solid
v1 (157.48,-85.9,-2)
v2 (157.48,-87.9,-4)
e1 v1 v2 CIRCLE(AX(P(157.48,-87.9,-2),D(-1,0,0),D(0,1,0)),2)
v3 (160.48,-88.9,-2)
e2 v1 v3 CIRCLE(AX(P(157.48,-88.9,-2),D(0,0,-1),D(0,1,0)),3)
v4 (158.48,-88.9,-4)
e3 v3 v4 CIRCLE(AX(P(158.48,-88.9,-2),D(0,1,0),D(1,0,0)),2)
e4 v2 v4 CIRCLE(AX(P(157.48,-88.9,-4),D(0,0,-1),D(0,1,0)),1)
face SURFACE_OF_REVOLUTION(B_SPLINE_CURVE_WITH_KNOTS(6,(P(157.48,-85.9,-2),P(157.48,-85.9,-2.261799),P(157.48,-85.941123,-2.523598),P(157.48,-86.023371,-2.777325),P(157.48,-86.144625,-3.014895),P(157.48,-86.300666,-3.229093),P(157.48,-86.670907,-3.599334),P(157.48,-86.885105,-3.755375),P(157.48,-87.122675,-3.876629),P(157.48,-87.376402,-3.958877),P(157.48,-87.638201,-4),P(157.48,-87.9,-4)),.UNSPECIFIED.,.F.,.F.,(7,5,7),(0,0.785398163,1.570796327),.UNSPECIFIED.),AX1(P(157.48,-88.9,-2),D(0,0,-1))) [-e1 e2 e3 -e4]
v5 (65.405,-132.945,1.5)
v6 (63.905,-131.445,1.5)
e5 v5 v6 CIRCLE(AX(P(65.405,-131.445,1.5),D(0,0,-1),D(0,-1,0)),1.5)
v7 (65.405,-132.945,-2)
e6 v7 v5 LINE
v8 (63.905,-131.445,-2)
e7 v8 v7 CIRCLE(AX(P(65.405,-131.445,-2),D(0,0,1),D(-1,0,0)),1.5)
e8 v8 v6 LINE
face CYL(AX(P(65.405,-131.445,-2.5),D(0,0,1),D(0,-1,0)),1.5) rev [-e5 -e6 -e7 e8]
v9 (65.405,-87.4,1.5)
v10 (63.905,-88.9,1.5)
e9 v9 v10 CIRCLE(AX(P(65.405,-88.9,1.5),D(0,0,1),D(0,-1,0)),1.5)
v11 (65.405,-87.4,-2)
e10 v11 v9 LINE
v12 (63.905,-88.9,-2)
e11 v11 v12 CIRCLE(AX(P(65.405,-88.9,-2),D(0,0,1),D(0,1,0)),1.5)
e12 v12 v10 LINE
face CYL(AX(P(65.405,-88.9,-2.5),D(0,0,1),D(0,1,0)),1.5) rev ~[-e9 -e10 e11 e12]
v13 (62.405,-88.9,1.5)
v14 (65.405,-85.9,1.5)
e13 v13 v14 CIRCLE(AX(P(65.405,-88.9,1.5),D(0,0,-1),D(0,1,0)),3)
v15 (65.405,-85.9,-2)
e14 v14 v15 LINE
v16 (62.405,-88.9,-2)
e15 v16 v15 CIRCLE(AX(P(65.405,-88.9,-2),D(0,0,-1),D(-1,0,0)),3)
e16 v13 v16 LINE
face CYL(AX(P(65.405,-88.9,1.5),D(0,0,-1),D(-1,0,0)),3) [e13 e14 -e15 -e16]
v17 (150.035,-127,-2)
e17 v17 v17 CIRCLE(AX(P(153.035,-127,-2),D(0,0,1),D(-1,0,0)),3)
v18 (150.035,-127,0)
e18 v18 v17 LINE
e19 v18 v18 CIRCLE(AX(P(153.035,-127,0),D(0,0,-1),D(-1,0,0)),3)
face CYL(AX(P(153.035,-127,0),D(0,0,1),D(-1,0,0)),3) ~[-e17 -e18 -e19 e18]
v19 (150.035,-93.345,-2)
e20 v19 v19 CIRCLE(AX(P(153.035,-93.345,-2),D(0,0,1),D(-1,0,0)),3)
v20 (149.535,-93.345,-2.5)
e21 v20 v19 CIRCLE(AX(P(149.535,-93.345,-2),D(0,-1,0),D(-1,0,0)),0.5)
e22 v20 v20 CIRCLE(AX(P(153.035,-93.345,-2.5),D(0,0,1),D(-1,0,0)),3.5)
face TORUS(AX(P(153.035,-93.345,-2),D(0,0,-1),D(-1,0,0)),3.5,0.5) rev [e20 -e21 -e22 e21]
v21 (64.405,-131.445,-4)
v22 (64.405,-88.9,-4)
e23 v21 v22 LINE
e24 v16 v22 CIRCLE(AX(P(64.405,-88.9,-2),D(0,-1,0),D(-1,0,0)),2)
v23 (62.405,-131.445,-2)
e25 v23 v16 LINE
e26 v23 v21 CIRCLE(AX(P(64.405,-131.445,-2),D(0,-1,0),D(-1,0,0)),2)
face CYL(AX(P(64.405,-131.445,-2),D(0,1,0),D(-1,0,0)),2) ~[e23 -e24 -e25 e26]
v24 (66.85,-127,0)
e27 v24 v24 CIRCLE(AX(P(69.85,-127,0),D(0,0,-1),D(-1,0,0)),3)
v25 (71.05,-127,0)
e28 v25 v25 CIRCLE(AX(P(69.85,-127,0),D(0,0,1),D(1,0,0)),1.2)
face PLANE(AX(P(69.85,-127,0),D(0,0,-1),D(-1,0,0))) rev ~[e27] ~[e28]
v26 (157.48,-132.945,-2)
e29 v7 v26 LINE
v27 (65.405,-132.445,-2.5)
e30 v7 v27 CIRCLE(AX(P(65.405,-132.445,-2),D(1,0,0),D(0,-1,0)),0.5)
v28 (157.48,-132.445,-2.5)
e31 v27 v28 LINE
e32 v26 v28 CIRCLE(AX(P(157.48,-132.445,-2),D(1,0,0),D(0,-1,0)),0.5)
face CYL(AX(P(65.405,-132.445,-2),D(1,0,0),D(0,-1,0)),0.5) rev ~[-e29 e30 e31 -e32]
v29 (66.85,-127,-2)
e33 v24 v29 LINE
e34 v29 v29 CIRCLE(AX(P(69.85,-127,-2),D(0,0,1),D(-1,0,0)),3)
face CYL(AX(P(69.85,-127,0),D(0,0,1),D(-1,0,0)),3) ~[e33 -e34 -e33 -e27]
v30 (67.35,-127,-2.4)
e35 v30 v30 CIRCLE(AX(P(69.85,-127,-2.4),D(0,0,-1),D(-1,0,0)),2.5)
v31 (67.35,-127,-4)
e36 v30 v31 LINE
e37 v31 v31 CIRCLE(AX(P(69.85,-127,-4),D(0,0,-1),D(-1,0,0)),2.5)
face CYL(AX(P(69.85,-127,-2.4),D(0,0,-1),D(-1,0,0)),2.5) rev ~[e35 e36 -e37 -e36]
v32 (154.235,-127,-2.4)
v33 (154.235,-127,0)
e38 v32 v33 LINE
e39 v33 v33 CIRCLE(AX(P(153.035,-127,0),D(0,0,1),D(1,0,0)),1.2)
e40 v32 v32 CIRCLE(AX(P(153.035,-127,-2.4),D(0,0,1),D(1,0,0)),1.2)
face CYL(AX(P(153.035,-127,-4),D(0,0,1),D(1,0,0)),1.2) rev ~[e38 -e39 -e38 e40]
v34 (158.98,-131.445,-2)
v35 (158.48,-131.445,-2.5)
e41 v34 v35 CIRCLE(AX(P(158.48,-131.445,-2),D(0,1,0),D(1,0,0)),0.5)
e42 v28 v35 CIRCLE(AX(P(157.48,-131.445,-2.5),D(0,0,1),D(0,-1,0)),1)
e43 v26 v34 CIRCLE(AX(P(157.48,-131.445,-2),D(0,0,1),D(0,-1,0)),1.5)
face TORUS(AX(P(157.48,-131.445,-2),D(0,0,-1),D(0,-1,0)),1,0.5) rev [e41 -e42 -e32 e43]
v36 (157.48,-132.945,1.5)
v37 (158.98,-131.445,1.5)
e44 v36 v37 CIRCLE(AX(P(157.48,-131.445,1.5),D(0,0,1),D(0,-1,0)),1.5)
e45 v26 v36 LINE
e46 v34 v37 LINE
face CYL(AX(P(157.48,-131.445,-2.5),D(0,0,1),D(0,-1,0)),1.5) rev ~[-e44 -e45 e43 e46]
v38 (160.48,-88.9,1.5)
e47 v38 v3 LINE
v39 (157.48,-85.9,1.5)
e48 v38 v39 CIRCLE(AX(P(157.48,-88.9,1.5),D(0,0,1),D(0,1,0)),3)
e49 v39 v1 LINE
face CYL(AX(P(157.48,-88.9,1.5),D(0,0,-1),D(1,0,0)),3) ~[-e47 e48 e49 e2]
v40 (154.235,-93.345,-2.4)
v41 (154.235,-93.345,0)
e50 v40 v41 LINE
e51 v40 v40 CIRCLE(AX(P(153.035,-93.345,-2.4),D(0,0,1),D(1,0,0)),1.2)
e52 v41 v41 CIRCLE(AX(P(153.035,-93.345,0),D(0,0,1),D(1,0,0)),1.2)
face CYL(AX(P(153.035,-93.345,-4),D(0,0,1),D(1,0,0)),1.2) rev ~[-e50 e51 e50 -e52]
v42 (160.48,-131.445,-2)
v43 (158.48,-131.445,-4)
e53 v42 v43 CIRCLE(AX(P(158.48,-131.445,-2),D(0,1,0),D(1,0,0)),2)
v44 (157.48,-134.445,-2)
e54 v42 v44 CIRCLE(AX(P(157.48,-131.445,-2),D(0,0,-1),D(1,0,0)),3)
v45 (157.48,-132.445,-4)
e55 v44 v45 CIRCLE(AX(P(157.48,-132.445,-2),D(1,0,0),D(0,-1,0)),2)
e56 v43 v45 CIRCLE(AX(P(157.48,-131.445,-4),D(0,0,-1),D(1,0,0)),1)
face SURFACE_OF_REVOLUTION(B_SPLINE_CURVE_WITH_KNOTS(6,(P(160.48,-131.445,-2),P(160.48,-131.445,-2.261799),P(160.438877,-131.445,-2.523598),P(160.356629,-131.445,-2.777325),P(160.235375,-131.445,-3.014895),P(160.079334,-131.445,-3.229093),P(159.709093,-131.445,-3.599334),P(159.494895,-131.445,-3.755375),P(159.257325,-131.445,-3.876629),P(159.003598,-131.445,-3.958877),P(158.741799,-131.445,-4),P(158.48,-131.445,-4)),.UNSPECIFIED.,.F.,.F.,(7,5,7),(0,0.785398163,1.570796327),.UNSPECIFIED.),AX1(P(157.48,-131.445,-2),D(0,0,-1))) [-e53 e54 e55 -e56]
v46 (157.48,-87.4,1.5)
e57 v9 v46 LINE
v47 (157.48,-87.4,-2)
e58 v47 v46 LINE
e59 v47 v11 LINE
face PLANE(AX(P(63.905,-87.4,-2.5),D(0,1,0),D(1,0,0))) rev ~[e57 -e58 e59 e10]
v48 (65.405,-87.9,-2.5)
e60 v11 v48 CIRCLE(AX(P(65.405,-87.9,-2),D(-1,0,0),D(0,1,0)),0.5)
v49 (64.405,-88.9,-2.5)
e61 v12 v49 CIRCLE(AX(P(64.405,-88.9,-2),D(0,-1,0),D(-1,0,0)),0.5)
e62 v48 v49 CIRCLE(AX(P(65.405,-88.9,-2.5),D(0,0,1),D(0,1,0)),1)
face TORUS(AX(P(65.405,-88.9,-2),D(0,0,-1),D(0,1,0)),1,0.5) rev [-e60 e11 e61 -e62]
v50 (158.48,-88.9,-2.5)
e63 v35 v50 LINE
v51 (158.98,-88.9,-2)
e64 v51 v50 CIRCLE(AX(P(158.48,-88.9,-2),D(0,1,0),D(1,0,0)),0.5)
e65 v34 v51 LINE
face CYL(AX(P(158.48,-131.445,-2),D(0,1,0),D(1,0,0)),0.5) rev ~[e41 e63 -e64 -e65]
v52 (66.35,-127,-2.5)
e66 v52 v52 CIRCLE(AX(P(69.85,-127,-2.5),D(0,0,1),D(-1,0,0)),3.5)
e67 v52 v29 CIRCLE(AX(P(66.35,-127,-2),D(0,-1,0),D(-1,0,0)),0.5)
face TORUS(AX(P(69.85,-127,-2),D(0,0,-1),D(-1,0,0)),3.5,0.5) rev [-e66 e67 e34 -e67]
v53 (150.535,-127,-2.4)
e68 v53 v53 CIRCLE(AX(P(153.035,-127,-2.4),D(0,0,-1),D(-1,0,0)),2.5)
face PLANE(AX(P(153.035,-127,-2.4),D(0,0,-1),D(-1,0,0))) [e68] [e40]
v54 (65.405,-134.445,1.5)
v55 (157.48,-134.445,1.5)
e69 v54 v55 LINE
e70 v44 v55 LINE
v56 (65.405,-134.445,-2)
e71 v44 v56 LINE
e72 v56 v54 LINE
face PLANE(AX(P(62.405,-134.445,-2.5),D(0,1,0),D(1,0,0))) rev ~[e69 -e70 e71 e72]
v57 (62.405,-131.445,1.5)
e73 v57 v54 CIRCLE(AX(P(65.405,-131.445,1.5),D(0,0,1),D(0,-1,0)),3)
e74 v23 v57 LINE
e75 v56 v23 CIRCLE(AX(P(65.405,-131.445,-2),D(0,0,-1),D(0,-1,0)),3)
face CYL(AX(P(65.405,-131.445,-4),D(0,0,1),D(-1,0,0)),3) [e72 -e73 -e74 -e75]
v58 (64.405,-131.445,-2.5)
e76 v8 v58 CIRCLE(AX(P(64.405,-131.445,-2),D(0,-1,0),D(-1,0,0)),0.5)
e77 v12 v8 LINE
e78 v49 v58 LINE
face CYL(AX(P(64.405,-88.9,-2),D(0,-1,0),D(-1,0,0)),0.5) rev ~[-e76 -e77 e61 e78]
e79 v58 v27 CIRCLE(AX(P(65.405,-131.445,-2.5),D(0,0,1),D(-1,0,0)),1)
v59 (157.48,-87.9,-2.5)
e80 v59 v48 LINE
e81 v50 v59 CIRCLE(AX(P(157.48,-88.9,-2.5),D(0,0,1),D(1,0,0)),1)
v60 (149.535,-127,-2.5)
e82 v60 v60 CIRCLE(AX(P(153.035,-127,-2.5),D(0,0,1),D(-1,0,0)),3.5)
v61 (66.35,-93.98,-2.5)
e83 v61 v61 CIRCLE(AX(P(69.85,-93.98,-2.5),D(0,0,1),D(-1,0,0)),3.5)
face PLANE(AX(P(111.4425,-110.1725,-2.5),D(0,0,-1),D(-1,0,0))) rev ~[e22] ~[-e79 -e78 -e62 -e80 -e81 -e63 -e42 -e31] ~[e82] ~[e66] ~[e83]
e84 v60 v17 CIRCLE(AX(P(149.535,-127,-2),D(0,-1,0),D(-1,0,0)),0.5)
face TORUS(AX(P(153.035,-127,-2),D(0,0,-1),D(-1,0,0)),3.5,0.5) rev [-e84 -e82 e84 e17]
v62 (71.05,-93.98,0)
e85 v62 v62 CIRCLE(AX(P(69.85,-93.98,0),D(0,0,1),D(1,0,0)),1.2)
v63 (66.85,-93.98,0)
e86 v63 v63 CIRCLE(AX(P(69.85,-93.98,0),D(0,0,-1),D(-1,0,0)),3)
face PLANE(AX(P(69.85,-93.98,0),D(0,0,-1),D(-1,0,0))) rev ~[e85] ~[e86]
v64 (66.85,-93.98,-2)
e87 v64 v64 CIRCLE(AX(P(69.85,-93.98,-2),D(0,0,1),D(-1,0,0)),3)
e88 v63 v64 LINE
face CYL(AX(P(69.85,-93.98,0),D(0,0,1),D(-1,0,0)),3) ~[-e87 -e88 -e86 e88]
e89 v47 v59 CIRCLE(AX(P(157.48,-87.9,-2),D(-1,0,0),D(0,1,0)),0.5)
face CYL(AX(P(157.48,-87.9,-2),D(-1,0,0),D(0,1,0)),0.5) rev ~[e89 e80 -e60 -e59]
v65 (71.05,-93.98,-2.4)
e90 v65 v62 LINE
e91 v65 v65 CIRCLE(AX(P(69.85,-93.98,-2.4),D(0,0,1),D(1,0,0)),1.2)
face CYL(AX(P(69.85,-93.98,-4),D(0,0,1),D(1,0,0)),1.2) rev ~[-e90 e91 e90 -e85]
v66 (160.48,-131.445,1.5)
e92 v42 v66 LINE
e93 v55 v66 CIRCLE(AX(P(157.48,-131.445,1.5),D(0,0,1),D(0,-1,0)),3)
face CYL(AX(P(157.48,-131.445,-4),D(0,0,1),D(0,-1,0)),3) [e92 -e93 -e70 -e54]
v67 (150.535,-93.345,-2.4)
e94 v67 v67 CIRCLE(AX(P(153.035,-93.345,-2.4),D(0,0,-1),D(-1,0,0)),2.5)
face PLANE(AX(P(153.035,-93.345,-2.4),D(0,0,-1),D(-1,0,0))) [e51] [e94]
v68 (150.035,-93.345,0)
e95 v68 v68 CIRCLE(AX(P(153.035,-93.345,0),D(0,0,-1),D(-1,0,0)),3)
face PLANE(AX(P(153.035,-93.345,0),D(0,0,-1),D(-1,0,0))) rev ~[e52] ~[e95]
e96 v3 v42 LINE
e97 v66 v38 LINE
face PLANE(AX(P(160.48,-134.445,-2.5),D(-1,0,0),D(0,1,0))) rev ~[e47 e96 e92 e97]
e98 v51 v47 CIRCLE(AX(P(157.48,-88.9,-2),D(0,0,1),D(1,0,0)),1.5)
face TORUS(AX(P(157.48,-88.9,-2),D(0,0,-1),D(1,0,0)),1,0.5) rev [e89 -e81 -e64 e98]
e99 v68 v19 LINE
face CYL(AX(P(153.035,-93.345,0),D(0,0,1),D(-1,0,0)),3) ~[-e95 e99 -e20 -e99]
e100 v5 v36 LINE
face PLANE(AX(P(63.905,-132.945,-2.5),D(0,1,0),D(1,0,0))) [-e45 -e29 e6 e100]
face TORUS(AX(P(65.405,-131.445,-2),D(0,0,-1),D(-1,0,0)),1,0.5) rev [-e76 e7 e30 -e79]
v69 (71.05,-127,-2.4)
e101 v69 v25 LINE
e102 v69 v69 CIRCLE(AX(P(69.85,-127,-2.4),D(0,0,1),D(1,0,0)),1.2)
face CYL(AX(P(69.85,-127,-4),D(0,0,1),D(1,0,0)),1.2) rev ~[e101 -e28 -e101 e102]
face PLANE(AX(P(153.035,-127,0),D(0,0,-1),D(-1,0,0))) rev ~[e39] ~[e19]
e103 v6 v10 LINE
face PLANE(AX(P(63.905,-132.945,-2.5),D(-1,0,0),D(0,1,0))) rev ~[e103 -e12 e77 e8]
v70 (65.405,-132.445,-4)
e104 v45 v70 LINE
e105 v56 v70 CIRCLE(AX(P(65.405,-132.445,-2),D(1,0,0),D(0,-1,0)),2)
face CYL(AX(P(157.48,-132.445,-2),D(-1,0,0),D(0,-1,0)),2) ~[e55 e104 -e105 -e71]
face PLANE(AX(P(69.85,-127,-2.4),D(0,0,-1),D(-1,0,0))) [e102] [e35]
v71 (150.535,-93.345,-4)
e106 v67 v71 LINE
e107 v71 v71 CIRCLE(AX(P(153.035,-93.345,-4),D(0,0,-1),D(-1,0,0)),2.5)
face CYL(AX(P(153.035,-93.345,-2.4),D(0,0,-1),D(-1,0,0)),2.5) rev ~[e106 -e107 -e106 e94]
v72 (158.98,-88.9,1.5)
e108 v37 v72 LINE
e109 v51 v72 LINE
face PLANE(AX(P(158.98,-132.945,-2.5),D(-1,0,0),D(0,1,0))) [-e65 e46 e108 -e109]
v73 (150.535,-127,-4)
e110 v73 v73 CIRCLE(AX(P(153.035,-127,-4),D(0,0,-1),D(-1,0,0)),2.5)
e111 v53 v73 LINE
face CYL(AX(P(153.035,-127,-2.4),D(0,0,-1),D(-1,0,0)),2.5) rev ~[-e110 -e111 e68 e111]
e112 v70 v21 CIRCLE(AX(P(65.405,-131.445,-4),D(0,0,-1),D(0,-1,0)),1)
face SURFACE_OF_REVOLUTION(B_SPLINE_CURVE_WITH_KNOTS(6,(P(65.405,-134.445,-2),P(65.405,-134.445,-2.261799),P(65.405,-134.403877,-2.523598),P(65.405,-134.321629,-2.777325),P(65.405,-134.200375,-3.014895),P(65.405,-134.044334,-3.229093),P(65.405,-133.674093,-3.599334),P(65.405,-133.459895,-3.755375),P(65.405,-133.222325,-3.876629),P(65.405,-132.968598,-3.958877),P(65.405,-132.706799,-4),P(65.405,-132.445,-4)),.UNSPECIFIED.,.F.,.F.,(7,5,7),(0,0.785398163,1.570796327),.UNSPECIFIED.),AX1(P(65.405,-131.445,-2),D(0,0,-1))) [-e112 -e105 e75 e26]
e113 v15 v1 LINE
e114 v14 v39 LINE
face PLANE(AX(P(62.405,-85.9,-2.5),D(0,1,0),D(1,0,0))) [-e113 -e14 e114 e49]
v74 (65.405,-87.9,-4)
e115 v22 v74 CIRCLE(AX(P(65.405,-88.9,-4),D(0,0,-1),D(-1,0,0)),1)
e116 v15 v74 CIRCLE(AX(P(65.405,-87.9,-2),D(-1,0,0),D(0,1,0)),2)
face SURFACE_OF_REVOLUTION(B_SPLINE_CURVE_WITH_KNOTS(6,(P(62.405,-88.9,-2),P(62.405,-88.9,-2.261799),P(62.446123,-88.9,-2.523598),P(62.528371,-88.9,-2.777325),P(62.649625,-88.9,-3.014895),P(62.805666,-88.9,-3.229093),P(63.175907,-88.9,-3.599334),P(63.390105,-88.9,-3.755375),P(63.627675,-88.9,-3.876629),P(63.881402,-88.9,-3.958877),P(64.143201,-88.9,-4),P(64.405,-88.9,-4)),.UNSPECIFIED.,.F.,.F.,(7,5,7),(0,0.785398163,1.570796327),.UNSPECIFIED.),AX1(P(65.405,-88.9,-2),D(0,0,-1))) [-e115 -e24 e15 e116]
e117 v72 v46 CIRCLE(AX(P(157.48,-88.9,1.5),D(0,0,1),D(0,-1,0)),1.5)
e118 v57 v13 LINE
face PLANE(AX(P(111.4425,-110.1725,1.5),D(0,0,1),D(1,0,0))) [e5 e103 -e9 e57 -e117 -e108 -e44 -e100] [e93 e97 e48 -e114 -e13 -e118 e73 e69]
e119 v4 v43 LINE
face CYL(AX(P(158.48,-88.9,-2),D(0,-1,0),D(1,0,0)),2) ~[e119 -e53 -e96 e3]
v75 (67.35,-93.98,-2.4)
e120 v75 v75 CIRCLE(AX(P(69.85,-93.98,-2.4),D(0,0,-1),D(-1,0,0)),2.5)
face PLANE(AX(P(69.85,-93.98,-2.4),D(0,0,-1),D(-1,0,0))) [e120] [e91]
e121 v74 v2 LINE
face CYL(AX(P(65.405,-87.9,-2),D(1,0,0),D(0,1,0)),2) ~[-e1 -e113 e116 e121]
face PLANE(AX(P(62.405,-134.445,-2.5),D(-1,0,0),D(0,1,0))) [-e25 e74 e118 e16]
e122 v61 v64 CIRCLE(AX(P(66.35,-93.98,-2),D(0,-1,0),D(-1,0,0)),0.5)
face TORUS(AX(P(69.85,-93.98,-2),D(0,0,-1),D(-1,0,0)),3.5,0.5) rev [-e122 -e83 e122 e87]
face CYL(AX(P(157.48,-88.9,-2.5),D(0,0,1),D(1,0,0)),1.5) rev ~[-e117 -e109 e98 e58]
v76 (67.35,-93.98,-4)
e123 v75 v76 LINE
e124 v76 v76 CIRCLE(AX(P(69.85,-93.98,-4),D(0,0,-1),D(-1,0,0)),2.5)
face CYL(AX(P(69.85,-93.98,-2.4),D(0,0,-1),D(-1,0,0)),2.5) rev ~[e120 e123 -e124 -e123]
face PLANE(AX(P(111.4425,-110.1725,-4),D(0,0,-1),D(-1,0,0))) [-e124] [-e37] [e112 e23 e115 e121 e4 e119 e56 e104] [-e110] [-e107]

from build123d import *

# Parameters (mm, degrees)
SKETCH1_R                                        = 3
STANDOFFS_DEPTH                                  = 4
STANDOFFS_2_DEPTH                                = 4
STANDOFFS_3_DEPTH                                = 4
STANDOFFS_4_DEPTH                                = 4
SKETCH2_W                                        = 98.075
SKETCH2_H                                        = 48.545
BASE_DEPTH                                       = 1.5
SKETCH5_W                                        = 98.075
SKETCH5_H                                        = 48.545
SKETCH5_W_2                                      = 95.075
SKETCH5_H_2                                      = 45.545
WALL_DEPTH                                       = 4
FILLET1_R                                        = 3
FILLET2_R                                        = 1.5
FILLET3_R                                        = 2
FILLET4_R                                        = 0.5
CBORE_FOR_M2_PAN_HEAD_MACHINE_SCREW2_D           = 2.4
CBORE_FOR_M2_PAN_HEAD_MACHINE_SCREW2_CBORE_D     = 5
CBORE_FOR_M2_PAN_HEAD_MACHINE_SCREW2_CBORE_DEPTH = 1.6


with BuildPart() as part:
    # Sketch1 → Standoffs (new body)
    with BuildSketch(Plane(origin=(0, 0, 0), x_dir=(-1, 0, 0), z_dir=(0, 0, -1))):
        with Locations((-153.035, -93.345)):
            Circle(SKETCH1_R)
    extrude(amount=STANDOFFS_DEPTH)



with BuildPart() as body_2:
    # Sketch1 → Standoffs 2 (new body)
    with BuildSketch(Plane(origin=(0, 0, 0), x_dir=(-1, 0, 0), z_dir=(0, 0, -1))):
        with Locations((-153.035, -127)):
            Circle(SKETCH1_R)
    extrude(amount=STANDOFFS_2_DEPTH)


with BuildPart() as body_3:
    # Sketch1 → Standoffs 3 (new body)
    with BuildSketch(Plane(origin=(0, 0, 0), x_dir=(-1, 0, 0), z_dir=(0, 0, -1))):
        with Locations((-69.85, -127)):
            Circle(SKETCH1_R)
    extrude(amount=STANDOFFS_3_DEPTH)


with BuildPart() as body_4:
    # Sketch1 → Standoffs 4 (new body)
    with BuildSketch(Plane(origin=(0, 0, 0), x_dir=(-1, 0, 0), z_dir=(0, 0, -1))):
        with Locations((-69.85, -93.98)):
            Circle(SKETCH1_R)
    extrude(amount=STANDOFFS_4_DEPTH)


with BuildPart() as part_1:
    add(part.part)

    add(body_2.part)  # Base merges body 2

    add(body_3.part)  # Base merges body 3

    add(body_4.part)  # Base merges body 4
    # Sketch2 → Base (add)
    with BuildSketch(Plane(origin=(0, 0, -4), x_dir=(-1, 0, 0), z_dir=(0, 0, -1))):
        with Locations((-111.4425, -110.1725)):
            Rectangle(SKETCH2_W, SKETCH2_H)
    extrude(amount=-BASE_DEPTH)

    # Sketch5 → Wall (add)
    with BuildSketch(Plane.XY.offset(-2.5)):
        with Locations((111.4425, -110.1725)):
            Rectangle(SKETCH5_W, SKETCH5_H)
        with Locations((111.4425, -110.1725)):
            Rectangle(SKETCH5_W_2, SKETCH5_H_2, mode=Mode.SUBTRACT)
    extrude(amount=WALL_DEPTH)

    # Fillet1
    fillet1_edges = [part_1.edges().sort_by_distance(p)[0] for p in [
        (160.48, -134.445, -1.25),
        (160.48, -85.9, -1.25),
        (62.405, -85.9, -1.25),
        (62.405, -134.445, -1.25),
    ]]
    fillet(fillet1_edges, radius=FILLET1_R)

    # Fillet2
    fillet2_edges = [part_1.edges().sort_by_distance(p)[0] for p in [
        (158.98, -87.4, -0.5),
        (63.905, -87.4, -0.5),
        (63.905, -132.945, -0.5),
        (158.98, -132.945, -0.5),
    ]]
    fillet(fillet2_edges, radius=FILLET2_R)

    # Fillet3
    fillet3_edges = [part_1.edges().sort_by_distance(p)[0] for p in [
        (62.405, -110.1725, -4),
        (160.48, -110.1725, -4),
        (111.4425, -134.445, -4),
        (111.4425, -85.9, -4),
        (63.283679656, -133.566320344, -4),
        (159.601320344, -133.566320344, -4),
        (159.601320344, -86.778679656, -4),
        (63.283679656, -86.778679656, -4),
    ]]
    fillet(fillet3_edges, radius=FILLET3_R)

    # Fillet4
    fillet4_edges = [part_1.edges().sort_by_distance(p)[0] for p in [
        (156.035, -127, -2.5),
        (72.85, -127, -2.5),
        (72.85, -93.98, -2.5),
        (156.035, -93.345, -2.5),
        (158.98, -110.1725, -2.5),
        (111.4425, -132.945, -2.5),
        (111.4425, -87.4, -2.5),
        (63.905, -110.1725, -2.5),
        (64.344339828, -87.839339828, -2.5),
        (64.344339828, -132.505660172, -2.5),
        (158.540660172, -132.505660172, -2.5),
        (158.540660172, -87.839339828, -2.5),
    ]]
    fillet(fillet4_edges, radius=FILLET4_R)

    # CBORE for M2 Pan Head Machine Screw2 (through all)
    with Locations(Plane(origin=(0, 0, -4), x_dir=(-1, 0, 0), z_dir=(0, 0, -1))):
        with Locations((-69.85, -93.98), (-153.035, -93.345), (-153.035, -127), (-69.85, -127)):
            CounterBoreHole(CBORE_FOR_M2_PAN_HEAD_MACHINE_SCREW2_D / 2, CBORE_FOR_M2_PAN_HEAD_MACHINE_SCREW2_CBORE_D / 2, CBORE_FOR_M2_PAN_HEAD_MACHINE_SCREW2_CBORE_DEPTH)


solid = part_1.part
